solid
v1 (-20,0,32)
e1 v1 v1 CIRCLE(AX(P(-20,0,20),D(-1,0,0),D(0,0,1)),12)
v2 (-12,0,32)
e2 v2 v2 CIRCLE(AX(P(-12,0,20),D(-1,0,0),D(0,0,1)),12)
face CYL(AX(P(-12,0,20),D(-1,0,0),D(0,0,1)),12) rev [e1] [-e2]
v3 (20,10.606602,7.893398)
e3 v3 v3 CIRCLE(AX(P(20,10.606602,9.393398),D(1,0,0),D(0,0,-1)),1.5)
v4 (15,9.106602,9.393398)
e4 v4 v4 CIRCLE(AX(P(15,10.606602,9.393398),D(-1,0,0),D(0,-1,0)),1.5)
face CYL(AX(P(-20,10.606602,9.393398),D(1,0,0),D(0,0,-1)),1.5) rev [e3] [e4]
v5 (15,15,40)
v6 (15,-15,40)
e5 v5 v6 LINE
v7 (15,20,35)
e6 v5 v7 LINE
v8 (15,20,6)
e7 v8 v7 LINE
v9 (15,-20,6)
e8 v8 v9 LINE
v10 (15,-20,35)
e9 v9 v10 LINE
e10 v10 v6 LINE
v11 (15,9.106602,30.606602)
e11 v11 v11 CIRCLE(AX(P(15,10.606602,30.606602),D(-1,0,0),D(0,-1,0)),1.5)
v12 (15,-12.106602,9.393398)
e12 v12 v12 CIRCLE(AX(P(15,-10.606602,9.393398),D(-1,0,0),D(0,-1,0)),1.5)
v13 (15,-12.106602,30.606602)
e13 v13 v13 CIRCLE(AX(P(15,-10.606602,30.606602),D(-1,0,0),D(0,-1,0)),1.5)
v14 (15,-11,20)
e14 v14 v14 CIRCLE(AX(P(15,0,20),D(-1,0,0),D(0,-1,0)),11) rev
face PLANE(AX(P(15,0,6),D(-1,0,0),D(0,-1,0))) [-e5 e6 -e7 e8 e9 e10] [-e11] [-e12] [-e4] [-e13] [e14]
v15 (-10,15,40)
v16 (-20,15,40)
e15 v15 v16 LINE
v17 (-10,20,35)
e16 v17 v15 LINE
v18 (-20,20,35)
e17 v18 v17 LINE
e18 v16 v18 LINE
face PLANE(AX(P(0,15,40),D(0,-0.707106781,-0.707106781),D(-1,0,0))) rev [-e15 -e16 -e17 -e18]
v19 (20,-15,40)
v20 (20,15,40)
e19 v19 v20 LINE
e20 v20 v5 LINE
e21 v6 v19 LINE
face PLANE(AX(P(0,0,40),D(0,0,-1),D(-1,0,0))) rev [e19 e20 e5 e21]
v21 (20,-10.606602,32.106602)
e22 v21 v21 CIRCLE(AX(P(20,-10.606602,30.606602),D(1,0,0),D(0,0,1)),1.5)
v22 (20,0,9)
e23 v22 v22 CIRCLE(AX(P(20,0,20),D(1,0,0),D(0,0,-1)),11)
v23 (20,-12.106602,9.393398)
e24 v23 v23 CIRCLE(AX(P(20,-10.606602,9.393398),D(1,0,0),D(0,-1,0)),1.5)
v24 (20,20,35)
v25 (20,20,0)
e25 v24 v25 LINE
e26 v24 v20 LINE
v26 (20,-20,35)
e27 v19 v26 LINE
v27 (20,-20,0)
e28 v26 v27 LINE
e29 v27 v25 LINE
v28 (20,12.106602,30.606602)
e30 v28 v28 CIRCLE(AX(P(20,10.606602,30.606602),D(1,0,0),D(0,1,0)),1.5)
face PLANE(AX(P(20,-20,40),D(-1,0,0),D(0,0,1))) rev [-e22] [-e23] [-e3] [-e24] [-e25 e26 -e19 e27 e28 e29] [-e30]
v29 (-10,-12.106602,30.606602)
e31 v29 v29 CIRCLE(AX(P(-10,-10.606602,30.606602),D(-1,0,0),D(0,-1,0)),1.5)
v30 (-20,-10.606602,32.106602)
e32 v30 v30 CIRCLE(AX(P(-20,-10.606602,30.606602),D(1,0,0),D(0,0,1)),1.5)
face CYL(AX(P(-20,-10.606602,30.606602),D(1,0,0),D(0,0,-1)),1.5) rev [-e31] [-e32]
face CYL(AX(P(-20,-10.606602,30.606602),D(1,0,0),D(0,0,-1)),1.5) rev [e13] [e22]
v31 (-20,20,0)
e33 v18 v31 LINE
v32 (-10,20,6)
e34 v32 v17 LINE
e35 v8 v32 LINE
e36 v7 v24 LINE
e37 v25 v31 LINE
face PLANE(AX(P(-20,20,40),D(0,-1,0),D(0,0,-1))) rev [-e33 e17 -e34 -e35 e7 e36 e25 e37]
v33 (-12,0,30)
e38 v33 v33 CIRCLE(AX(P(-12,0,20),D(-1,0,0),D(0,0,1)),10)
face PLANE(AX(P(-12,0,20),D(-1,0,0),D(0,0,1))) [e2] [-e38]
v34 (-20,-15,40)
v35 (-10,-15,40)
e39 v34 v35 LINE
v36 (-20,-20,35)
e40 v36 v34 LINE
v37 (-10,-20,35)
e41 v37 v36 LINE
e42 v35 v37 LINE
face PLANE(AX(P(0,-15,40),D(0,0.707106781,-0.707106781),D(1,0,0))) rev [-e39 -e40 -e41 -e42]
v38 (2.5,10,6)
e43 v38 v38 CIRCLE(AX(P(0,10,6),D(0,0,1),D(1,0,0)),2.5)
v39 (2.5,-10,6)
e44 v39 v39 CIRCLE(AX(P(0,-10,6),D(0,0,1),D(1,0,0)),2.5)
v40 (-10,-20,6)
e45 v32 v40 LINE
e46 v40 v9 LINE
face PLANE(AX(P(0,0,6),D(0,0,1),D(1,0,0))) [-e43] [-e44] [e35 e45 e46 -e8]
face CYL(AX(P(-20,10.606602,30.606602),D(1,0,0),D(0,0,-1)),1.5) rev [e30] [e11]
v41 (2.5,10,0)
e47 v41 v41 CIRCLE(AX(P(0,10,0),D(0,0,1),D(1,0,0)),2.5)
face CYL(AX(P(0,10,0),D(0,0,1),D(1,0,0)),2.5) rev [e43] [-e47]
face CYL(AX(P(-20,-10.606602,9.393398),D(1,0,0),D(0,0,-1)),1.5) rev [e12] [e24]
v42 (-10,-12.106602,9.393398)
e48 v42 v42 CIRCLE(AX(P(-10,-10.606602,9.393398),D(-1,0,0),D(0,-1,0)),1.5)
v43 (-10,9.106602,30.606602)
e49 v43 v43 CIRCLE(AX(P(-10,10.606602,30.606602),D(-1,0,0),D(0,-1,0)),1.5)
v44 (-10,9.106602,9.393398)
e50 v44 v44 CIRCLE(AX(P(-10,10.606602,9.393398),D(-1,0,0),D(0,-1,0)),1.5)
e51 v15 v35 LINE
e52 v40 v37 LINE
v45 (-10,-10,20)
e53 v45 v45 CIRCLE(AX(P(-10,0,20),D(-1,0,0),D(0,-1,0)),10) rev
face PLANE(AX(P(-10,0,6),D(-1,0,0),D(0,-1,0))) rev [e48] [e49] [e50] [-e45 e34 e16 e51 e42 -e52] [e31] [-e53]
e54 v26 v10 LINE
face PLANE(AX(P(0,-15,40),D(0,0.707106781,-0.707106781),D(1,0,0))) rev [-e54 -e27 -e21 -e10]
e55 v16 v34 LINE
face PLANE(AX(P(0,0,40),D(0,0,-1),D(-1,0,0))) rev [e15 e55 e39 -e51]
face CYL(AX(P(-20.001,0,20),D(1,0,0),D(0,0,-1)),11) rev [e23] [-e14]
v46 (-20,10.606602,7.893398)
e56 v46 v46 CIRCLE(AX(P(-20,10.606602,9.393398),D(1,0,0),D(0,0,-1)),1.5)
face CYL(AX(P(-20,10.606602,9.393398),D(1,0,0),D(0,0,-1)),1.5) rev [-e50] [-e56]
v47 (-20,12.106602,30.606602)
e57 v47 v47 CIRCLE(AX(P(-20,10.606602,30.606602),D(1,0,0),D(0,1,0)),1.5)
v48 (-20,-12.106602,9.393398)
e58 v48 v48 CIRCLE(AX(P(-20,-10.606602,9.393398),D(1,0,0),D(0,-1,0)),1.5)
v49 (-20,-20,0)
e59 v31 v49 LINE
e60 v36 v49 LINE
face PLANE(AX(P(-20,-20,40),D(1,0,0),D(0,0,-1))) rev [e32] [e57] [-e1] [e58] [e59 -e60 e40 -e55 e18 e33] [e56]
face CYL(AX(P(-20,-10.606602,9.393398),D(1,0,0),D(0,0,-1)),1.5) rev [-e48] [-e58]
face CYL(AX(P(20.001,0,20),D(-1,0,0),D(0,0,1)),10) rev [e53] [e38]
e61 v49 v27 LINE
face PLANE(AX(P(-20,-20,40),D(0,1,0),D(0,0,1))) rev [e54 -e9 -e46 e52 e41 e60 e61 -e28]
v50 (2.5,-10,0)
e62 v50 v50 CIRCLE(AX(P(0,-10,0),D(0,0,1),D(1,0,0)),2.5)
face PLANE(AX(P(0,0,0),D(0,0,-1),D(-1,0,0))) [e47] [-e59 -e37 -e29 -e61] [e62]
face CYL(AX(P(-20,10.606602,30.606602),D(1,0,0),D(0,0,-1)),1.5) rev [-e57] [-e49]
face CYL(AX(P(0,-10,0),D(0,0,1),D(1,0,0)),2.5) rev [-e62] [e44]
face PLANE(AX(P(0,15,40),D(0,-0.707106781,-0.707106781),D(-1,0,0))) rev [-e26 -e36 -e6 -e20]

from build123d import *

# Parameters (mm, degrees)
SKETCH_1_W               = 40
SKETCH_1_H               = 40
EXTRUDE_1_DEPTH          = 40
SKETCH_2_W               = 25
SKETCH_2_H               = 40
CUT_EXTRUDE_1_DEPTH      = 34
SKETCH_3_R               = 2.5
CUT_EXTRUDE_2_DEPTH      = 7
CHAMFER_1_SIZE           = 5
SKETCH_5_R               = 12
CUT_EXTRUDE_4_DEPTH      = 8
CUT_EXTRUDE_5_REACH      = 34
SKETCH_7_R               = 10
CUT_EXTRUDE_6_REACH      = 42
SKETCH_4_R               = 11
SKETCH_9_R               = 1.5
CUT_EXTRUDE_7_DEPTH      = 41
PATTERN_CIRCULAR_1_COUNT = 4


with BuildPart() as part:
    # 草圖1 → 填料-伸長1 (new body)
    with BuildSketch(Plane.XY):
        Rectangle(SKETCH_1_W, SKETCH_1_H)
    extrude(amount=EXTRUDE_1_DEPTH)

    # 草圖2 → 除料-伸長1 (cut)
    with BuildSketch(Plane.XY.offset(40)):
        with Locations((2.5, 0)):
            Rectangle(SKETCH_2_W, SKETCH_2_H)
    extrude(amount=-CUT_EXTRUDE_1_DEPTH, mode=Mode.SUBTRACT)

    # 草圖3 → 除料-伸長2 (cut, through all)
    with BuildSketch(Plane.XY.offset(6)):
        with Locations((0, 10)):
            Circle(SKETCH_3_R)
        with Locations((0, -10)):
            Circle(SKETCH_3_R)
    extrude(amount=-CUT_EXTRUDE_2_DEPTH, mode=Mode.SUBTRACT)

    # 導角1
    chamfer_1_edges = [part.edges().sort_by_distance(p)[0] for p in [
        (-15, -20, 40),
        (-15, 20, 40),
        (17.5, -20, 40),
        (17.5, 20, 40),
    ]]
    chamfer(chamfer_1_edges, length=CHAMFER_1_SIZE)

    # 草圖5 → 除料-伸長4 (cut)
    with BuildSketch(Plane.ZY.offset(20)):
        with Locations((20, 0)):
            Circle(SKETCH_5_R)
    extrude(amount=-CUT_EXTRUDE_4_DEPTH, mode=Mode.SUBTRACT)

    # 草圖7 → 除料-伸長5 (cut, up to next)
    with BuildSketch(Plane.ZY.offset(12), mode=Mode.PRIVATE) as cut_extrude_5_sk1:
        with Locations((20, 0)):
            Circle(SKETCH_7_R)
    cut_extrude_5_tool1 = extrude(cut_extrude_5_sk1.sketch, amount=-CUT_EXTRUDE_5_REACH, mode=Mode.PRIVATE) & part.part
    add(cut_extrude_5_tool1.solids().sort_by_distance((-12, 0, 20))[0], mode=Mode.SUBTRACT)

    # 草圖4 → 除料-伸長6 (cut, up to next)
    with BuildSketch(Plane(origin=(20, 0, 0), x_dir=(0, 0, -1), z_dir=(1, 0, 0)), mode=Mode.PRIVATE) as cut_extrude_6_sk1:
        with Locations((-20, 0)):
            Circle(SKETCH_4_R)
    cut_extrude_6_tool1 = extrude(cut_extrude_6_sk1.sketch, amount=-CUT_EXTRUDE_6_REACH, mode=Mode.PRIVATE) & part.part
    add(cut_extrude_6_tool1.solids().sort_by_distance((20, 0, 20))[0], mode=Mode.SUBTRACT)

    # 草圖9 → 除料-伸長7 (cut, through all)
    with BuildSketch(Plane(origin=(20, 0, 0), x_dir=(0, 0, -1), z_dir=(1, 0, 0))):
        with Locations((-9.393398282, 10.606601718)):
            Circle(SKETCH_9_R)
    cut_extrude_7 = extrude(amount=-CUT_EXTRUDE_7_DEPTH, mode=Mode.SUBTRACT)

    # 環狀複製排列1: 除料-伸長7 ×4 about axis
    pattern_circular_1_axis = Axis((0, 0, 20), (1, 0, 0))
    for i in range(1, PATTERN_CIRCULAR_1_COUNT):
        add(cut_extrude_7.rotate(pattern_circular_1_axis, i * 360 / PATTERN_CIRCULAR_1_COUNT), mode=Mode.SUBTRACT)


solid = part.part
